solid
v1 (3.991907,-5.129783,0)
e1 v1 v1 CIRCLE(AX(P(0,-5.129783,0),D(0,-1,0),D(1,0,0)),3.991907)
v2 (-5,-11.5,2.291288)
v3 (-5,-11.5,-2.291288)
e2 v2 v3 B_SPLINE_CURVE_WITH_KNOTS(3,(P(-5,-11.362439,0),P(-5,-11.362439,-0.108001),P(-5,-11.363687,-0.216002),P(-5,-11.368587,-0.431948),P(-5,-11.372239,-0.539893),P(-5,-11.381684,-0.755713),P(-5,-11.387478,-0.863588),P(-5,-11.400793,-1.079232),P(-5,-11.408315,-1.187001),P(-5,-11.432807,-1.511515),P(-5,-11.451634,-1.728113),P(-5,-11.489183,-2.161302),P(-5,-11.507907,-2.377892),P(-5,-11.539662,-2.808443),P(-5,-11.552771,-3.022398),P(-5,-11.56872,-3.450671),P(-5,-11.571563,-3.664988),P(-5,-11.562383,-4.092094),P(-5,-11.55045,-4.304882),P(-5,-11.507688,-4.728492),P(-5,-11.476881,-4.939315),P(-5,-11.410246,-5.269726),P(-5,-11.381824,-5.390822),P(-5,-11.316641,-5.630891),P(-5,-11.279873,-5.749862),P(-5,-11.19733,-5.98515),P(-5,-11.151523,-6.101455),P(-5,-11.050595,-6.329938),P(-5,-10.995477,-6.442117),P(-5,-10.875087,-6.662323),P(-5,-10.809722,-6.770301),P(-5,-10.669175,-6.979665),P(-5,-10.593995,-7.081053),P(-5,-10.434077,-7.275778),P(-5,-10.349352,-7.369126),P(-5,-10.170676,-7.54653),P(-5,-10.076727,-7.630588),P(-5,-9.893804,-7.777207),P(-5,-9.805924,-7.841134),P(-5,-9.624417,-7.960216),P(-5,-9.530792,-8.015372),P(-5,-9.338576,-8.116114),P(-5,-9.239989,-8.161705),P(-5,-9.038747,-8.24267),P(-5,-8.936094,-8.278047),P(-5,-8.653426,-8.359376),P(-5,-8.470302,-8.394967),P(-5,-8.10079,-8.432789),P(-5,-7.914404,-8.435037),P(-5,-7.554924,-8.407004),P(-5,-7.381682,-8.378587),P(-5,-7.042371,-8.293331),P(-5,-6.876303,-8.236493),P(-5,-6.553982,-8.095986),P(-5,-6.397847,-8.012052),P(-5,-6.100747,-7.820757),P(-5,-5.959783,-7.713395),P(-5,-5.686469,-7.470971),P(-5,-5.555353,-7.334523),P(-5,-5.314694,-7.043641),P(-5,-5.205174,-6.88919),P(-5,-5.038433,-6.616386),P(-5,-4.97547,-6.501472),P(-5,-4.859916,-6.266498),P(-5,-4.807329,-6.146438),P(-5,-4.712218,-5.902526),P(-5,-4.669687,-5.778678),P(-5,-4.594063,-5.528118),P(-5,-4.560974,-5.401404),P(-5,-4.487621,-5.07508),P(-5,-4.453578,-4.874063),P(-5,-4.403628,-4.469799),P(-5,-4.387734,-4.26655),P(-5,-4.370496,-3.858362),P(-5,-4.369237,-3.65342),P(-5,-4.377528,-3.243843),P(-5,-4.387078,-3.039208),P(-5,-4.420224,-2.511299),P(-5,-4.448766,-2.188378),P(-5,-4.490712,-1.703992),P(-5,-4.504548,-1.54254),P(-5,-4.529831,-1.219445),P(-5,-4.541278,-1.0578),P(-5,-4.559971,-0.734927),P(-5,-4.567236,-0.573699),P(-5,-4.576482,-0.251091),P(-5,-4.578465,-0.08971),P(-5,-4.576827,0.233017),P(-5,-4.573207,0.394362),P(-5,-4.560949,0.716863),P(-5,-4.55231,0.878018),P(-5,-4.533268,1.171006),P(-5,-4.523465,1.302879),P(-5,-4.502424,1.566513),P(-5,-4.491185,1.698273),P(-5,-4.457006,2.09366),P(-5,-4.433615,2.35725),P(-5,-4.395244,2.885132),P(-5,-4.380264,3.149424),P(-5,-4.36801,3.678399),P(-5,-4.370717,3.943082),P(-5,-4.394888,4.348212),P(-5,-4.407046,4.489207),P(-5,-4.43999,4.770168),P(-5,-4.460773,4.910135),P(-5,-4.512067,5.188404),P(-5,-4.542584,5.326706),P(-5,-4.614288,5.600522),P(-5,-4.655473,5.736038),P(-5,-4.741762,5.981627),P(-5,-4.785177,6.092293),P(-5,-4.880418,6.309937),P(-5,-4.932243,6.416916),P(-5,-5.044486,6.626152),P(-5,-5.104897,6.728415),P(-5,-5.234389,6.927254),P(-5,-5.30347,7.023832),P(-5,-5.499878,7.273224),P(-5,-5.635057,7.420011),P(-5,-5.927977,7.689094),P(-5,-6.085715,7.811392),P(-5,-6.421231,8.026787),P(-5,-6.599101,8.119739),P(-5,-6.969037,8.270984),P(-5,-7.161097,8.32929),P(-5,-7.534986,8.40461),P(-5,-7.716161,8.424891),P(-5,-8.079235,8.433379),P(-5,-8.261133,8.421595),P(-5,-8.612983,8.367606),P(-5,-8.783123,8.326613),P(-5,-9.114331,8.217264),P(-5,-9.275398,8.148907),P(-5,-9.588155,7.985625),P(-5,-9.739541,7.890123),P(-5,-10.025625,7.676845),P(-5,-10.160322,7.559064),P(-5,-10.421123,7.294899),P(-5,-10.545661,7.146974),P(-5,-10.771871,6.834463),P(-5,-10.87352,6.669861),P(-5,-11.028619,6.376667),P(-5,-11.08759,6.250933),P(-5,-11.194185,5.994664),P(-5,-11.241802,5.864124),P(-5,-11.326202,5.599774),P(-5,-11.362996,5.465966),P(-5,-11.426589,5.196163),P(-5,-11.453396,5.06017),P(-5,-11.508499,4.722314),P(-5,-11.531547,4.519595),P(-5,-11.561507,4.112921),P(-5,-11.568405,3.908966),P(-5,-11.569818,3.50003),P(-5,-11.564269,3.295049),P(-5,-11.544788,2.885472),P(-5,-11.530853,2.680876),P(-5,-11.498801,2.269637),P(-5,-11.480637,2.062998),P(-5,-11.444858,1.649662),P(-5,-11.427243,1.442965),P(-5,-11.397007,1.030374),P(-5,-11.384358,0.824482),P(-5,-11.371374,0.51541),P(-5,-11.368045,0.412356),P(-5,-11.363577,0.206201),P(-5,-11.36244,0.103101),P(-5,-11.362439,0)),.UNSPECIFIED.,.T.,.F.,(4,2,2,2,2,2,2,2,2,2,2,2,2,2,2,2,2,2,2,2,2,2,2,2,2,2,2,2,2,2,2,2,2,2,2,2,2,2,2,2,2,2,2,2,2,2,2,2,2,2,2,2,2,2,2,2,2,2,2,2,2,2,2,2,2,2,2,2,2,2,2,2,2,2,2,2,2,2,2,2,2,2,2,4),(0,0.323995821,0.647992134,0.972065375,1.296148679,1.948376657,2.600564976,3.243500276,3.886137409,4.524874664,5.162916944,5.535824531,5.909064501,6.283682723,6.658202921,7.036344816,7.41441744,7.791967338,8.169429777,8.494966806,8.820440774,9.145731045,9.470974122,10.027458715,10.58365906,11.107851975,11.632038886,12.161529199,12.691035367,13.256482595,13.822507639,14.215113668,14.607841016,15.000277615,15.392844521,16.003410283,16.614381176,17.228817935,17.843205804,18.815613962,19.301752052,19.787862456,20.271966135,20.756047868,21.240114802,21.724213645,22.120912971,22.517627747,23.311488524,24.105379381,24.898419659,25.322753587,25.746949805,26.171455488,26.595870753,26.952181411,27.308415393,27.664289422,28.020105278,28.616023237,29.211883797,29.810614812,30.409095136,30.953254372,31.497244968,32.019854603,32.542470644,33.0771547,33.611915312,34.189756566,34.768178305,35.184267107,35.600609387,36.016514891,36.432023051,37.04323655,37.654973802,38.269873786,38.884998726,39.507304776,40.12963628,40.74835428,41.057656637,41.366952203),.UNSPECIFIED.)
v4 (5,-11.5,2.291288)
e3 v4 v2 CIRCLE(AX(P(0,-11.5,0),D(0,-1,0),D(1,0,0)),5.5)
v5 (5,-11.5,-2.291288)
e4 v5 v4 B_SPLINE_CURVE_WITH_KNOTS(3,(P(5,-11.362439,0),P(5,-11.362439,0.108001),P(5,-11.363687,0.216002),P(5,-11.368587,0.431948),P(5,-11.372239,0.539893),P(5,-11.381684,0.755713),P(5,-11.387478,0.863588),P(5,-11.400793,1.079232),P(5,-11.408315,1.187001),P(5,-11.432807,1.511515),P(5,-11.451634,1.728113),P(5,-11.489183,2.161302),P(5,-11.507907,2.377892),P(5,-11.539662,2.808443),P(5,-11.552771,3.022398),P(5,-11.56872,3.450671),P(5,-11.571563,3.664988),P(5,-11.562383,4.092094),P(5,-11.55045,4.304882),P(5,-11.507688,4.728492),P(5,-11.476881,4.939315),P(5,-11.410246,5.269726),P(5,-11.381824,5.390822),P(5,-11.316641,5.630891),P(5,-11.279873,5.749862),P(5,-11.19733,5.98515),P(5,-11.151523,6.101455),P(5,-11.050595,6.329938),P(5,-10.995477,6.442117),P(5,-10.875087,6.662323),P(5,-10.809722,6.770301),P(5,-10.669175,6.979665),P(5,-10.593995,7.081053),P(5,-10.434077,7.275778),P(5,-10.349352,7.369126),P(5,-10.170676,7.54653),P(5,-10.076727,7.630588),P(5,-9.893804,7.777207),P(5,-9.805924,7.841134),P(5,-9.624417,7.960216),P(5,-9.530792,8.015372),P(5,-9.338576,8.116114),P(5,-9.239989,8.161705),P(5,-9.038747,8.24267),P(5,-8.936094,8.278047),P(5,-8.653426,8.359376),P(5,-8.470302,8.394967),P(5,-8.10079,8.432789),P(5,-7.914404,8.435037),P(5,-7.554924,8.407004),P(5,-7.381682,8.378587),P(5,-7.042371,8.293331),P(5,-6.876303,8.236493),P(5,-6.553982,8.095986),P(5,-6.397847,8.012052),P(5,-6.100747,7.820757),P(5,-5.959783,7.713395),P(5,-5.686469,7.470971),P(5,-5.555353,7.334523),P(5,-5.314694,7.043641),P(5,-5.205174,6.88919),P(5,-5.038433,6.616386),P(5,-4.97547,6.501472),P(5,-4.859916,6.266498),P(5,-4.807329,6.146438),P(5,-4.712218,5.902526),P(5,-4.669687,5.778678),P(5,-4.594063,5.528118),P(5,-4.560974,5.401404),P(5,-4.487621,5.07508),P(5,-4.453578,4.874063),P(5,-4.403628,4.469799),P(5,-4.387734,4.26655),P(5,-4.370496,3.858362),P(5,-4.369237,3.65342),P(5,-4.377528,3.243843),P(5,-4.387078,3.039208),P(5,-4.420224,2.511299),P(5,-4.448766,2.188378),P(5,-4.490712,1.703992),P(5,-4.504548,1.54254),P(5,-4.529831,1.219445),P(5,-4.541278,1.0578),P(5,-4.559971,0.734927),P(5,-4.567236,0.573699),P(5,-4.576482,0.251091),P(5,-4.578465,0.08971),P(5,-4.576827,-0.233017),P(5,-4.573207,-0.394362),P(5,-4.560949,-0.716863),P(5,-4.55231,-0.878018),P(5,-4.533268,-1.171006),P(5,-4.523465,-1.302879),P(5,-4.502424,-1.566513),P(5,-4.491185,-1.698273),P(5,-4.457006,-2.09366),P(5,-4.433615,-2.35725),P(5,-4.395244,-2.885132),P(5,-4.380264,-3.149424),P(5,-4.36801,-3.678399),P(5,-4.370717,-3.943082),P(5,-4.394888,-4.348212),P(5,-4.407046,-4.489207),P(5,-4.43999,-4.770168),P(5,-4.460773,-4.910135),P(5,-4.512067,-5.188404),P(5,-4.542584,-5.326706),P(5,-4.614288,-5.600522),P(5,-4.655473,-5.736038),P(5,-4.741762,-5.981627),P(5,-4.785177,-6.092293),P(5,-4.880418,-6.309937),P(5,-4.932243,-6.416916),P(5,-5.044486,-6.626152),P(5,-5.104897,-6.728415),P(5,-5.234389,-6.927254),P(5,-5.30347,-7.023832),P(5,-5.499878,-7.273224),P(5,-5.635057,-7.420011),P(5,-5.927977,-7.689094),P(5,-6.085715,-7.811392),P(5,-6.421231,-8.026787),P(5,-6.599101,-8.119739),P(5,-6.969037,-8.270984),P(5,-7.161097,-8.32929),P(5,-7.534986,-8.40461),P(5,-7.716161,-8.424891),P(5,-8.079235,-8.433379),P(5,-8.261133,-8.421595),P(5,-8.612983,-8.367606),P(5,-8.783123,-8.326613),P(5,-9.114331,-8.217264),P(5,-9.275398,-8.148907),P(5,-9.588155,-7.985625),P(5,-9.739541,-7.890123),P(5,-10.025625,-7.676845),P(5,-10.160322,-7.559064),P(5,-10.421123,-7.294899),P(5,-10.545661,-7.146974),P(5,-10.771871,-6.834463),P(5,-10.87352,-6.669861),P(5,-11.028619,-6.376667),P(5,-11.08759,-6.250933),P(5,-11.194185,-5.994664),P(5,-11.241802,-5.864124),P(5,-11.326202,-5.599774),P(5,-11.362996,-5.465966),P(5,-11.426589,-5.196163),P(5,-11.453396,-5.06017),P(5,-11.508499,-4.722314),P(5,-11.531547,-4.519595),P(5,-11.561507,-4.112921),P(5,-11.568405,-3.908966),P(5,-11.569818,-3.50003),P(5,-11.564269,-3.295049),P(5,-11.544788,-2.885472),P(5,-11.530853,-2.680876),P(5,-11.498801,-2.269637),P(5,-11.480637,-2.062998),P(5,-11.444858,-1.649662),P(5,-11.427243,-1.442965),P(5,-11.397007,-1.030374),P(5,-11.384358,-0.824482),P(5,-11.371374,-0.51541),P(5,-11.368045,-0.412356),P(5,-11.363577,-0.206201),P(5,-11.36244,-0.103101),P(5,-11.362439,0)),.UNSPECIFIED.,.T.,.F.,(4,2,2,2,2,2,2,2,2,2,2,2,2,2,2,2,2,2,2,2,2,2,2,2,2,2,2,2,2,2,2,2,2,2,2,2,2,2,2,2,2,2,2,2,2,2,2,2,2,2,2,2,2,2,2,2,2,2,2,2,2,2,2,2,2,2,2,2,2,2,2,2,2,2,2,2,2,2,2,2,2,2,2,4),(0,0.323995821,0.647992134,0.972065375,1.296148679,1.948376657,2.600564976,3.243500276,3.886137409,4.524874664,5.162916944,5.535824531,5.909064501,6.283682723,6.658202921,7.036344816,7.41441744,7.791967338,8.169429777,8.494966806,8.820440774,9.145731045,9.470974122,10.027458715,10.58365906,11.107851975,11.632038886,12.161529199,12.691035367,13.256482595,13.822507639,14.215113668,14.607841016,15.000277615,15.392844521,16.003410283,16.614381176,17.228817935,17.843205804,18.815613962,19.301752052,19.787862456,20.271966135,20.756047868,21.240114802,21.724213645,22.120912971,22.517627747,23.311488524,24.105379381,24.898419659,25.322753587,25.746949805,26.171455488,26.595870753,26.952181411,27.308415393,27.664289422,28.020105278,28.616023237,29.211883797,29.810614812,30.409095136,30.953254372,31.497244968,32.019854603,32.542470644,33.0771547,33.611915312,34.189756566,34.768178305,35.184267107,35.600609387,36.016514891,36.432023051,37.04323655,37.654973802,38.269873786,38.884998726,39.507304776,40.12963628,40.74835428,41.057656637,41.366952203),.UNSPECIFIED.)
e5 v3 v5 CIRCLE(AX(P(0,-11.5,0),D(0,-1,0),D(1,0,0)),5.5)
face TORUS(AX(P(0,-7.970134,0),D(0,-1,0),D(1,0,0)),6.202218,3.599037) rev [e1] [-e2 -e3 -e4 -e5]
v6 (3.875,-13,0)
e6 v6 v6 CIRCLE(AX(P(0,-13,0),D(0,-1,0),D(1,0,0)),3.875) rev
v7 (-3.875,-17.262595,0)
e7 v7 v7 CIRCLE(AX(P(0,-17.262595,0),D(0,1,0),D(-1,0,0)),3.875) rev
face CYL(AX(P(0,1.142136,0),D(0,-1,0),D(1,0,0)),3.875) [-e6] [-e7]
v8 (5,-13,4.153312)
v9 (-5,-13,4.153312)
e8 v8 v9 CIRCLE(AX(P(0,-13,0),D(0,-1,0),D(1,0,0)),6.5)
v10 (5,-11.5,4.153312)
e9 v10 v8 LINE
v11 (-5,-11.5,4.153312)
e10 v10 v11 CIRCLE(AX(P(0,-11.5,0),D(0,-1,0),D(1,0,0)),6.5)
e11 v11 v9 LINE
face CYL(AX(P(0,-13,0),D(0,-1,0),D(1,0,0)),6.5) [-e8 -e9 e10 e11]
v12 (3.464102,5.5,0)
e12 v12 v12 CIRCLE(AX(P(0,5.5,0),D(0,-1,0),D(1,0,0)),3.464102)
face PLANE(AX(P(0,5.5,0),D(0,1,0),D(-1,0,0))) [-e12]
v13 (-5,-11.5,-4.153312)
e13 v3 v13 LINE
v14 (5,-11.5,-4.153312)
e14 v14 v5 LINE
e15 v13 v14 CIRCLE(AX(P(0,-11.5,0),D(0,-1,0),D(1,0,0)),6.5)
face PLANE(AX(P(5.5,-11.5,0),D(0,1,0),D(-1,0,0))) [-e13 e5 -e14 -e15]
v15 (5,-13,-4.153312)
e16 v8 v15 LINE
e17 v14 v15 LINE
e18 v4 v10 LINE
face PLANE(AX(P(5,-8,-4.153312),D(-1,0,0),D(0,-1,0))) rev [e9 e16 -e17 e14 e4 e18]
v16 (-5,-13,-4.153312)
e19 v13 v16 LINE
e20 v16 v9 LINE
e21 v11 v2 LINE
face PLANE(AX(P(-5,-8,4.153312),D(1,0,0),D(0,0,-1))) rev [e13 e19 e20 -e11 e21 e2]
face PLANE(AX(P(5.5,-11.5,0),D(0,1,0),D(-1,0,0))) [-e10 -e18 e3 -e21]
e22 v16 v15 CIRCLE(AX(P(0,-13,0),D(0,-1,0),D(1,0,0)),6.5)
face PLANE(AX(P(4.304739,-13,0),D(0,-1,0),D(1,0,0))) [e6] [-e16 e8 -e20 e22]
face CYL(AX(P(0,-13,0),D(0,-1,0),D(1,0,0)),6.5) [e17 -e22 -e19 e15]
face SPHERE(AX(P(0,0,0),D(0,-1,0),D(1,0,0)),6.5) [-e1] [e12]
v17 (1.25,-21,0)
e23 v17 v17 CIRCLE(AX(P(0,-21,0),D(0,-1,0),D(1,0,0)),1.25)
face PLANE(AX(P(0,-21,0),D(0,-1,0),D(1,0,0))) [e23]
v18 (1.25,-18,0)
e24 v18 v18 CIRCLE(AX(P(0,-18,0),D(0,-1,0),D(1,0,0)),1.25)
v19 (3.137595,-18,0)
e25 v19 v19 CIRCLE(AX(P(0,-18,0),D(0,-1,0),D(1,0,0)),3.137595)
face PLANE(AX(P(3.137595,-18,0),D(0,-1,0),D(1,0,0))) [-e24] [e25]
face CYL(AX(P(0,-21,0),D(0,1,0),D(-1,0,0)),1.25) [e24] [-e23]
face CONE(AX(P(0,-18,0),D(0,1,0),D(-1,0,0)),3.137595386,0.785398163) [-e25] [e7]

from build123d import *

# Parameters (mm, degrees)
CUT_EXTRUDE4_DEPTH      = 5
CROQUIS1_R              = 1.25
SALIENTE_EXTRUIR1_DEPTH = 3
CROQUIS2_R              = 5
CROQUIS2_R_2            = 3.875
CORTAR_EXTRUIR2_DEPTH   = 5


with BuildPart() as part:
    # Sketch1 → Revolve1 (revolve)
    with BuildSketch(Plane.XY):
        with BuildLine():
            Line((4.304738622, -13), (4.304738622, -16.832856763))
            Line((4.304738622, -16.832856763), (3.137595386, -18))
            Line((3.137595386, -18), (0, -18))
            Line((0, -18), (0, -13))
            Line((0, -13), (0, 0))
            Line((0, 0), (0, 5.5))
            Line((0, 5.5), (3.464101615, 5.5))
            ThreePointArc((3.464101615, 5.5), (6.492002013, 0.322350532), (3.991907406, -5.129783159))
            ThreePointArc((3.991907406, -5.129783159), (2.699987373, -8.799256044), (5.5, -11.5))
            Line((5.5, -11.5), (6.5, -11.5))
            Line((6.5, -11.5), (6.5, -13))
            Line((6.5, -13), (4.304738622, -13))
        make_face()
    revolve(axis=Axis((0, -13, 0), (0, 1, 0)))

    # Sketch5 → Cut-Extrude4 (cut)
    with BuildSketch(Plane.XZ.offset(13)):
        with BuildLine():
            Line((-5, 4.153311931), (-5, -4.153311931))
            ThreePointArc((-5, -4.153311931), (-6.5, 0), (-5, 4.153311931))
        make_face()
        with BuildLine():
            Line((5, -4.153311931), (5, 4.153311931))
            ThreePointArc((5, 4.153311931), (6.5, 0), (5, -4.153311931))
        make_face()
    extrude(amount=-CUT_EXTRUDE4_DEPTH, mode=Mode.SUBTRACT)

    # Croquis1 → Saliente-Extruir1 (add)
    with BuildSketch(Plane(origin=(0, -18, 0), x_dir=(-1, 0, 0), z_dir=(0, -1, 0))):
        Circle(CROQUIS1_R)
    extrude(amount=SALIENTE_EXTRUIR1_DEPTH)

    # Croquis2 → Cortar-Extruir2 (cut)
    with BuildSketch(Plane.XZ.offset(18)):
        Circle(CROQUIS2_R)
        Circle(CROQUIS2_R_2, mode=Mode.SUBTRACT)
    extrude(amount=-CORTAR_EXTRUIR2_DEPTH, mode=Mode.SUBTRACT)


solid = part.part
